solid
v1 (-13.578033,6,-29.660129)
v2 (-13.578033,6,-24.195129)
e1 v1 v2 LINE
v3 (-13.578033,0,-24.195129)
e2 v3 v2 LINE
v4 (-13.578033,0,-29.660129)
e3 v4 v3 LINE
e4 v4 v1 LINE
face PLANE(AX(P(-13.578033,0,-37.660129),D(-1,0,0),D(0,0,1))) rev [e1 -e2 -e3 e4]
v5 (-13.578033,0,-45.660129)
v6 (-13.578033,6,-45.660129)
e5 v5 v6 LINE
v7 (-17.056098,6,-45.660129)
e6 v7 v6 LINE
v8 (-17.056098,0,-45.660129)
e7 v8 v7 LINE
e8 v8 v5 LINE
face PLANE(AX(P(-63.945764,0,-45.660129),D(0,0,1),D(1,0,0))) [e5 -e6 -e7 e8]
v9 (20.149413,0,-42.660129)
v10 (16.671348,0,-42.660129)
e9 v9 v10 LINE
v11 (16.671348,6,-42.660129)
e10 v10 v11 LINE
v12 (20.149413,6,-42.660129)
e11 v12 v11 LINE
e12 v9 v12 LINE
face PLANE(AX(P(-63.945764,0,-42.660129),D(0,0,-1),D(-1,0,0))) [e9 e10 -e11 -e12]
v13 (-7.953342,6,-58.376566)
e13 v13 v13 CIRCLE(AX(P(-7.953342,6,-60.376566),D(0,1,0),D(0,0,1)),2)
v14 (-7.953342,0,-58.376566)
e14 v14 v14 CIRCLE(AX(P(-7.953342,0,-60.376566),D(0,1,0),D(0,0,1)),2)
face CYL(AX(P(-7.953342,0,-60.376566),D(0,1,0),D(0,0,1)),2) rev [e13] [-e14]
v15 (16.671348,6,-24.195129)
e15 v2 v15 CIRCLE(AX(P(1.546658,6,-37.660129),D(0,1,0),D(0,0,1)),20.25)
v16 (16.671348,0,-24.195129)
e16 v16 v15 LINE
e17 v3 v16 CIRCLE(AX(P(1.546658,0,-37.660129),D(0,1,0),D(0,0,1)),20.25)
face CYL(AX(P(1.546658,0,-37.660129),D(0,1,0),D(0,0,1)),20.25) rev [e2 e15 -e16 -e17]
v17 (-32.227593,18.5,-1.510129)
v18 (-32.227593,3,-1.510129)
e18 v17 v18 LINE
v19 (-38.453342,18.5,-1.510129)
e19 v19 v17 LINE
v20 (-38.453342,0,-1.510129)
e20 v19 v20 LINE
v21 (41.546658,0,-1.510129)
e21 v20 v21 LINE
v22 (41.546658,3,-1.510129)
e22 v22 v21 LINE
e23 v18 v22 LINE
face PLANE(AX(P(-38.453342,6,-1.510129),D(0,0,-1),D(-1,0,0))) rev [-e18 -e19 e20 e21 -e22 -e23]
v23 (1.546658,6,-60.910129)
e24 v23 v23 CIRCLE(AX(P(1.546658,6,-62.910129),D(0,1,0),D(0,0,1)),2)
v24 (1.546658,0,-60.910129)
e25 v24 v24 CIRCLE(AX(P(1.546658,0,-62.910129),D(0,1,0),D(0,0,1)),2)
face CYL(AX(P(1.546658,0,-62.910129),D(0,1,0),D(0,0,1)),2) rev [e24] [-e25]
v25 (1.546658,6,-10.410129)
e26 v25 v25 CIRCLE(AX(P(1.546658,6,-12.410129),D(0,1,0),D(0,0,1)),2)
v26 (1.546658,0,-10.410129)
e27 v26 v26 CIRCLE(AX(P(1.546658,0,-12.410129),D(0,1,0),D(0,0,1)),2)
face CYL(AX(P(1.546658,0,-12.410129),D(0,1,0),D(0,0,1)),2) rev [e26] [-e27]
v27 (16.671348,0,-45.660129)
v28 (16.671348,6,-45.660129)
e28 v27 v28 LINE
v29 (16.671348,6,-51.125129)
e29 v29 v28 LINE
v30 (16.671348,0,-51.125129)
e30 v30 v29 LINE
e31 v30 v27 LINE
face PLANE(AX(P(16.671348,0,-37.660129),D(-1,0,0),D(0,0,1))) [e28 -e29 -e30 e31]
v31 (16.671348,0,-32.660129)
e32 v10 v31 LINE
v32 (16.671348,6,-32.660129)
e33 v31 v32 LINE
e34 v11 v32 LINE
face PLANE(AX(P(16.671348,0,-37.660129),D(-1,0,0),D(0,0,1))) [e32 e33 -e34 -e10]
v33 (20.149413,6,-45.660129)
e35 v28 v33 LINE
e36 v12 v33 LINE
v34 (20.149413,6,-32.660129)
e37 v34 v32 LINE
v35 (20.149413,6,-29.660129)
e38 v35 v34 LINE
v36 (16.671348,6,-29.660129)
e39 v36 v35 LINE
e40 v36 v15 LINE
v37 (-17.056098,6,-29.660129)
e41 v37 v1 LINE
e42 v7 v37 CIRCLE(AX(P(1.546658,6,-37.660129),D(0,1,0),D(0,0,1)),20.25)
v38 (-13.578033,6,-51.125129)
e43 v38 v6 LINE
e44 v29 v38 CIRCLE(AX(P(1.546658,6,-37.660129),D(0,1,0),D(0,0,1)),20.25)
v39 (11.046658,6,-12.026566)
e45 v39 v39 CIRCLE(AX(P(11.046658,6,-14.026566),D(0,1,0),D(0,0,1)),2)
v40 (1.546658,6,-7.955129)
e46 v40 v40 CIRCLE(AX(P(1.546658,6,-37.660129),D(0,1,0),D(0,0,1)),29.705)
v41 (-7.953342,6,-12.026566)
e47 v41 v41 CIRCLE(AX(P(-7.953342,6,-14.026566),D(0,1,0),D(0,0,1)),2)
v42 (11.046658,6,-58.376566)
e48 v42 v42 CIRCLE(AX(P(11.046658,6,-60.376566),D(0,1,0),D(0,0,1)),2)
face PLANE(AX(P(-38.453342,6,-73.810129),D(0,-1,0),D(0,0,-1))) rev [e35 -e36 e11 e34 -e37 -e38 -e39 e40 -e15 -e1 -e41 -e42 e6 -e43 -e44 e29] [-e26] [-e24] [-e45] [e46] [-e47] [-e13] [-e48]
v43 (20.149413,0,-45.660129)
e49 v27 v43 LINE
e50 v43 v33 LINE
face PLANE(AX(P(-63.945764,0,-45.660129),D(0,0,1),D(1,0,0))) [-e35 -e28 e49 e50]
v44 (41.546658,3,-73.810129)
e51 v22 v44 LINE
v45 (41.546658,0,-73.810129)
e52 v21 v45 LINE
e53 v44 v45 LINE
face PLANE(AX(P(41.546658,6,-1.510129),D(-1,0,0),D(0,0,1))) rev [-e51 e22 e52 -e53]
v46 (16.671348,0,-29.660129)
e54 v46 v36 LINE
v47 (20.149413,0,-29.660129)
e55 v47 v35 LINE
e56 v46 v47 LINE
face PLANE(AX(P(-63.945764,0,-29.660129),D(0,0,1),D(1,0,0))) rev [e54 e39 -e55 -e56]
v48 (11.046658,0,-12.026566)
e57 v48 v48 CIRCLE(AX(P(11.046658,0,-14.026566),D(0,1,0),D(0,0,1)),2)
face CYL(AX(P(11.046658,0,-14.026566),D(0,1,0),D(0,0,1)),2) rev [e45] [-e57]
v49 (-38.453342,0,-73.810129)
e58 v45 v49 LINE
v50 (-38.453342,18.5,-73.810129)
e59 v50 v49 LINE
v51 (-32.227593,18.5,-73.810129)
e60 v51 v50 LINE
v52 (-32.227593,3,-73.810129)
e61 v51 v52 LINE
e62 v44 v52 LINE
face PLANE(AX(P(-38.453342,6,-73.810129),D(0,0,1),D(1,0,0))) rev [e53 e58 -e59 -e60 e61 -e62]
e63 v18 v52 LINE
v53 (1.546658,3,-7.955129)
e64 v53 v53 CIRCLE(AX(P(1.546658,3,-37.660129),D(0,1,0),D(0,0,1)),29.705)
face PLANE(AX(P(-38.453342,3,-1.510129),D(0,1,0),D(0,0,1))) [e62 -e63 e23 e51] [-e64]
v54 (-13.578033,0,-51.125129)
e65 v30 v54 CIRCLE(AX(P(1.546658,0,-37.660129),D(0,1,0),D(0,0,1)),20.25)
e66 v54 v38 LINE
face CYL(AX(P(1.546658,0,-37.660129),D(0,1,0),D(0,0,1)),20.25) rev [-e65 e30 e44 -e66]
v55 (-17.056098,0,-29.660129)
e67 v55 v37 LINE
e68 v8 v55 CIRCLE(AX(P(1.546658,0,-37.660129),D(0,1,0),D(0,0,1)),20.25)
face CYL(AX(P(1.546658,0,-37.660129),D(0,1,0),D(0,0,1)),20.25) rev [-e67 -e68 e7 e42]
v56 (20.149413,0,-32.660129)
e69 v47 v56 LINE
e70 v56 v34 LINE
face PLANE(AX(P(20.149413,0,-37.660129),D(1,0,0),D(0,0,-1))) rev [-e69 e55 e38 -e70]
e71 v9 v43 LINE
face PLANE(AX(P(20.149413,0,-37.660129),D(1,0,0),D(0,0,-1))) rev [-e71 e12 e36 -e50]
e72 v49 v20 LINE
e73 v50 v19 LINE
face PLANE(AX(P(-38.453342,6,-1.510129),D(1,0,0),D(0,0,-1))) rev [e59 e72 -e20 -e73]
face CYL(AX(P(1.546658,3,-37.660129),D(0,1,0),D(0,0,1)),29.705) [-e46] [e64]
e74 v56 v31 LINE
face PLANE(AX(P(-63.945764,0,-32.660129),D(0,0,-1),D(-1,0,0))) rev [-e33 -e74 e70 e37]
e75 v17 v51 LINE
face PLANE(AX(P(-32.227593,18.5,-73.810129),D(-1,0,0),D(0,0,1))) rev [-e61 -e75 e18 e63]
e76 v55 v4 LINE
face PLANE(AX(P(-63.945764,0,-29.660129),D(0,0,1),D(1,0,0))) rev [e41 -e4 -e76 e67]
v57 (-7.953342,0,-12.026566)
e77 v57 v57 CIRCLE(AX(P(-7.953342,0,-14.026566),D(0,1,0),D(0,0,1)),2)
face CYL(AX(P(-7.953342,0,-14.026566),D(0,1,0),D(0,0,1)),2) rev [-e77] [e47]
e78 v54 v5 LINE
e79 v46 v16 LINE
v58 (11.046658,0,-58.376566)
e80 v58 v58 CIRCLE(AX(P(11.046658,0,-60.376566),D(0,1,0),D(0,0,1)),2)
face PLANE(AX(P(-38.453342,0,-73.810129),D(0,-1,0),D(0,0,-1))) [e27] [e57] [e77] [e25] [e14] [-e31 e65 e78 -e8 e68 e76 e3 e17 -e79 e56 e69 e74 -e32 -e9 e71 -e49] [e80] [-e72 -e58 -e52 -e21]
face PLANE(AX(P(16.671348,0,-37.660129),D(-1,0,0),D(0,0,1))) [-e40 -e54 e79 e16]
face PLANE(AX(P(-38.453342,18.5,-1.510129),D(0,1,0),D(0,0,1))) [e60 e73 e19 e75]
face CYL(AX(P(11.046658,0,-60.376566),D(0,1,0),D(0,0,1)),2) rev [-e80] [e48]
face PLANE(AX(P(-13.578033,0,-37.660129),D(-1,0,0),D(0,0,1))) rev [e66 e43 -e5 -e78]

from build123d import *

# Parameters (mm, degrees)
SKETCH1_W           = 80
SKETCH1_H           = 72.3
BOSS_EXTRUDE1_DEPTH = 6
SKETCH2_W           = 80
SKETCH2_H           = 72.3
SKETCH2_R           = 29.705
CUT_EXTRUDE1_DEPTH  = 3
CUT_EXTRUDE3_DEPTH  = 7
SKETCH5_R           = 2
CUT_EXTRUDE4_DEPTH  = 7
SKETCH6_R           = 2
CUT_EXTRUDE5_DEPTH  = 7
SKETCH8_W           = 6.225749038
SKETCH8_H           = 72.3
BOSS_EXTRUDE2_DEPTH = 15.5


with BuildPart() as part:
    # Sketch1 → Boss-Extrude1 (new body)
    with BuildSketch(Plane(origin=(0, 0, 0), x_dir=(1, 0, 0), z_dir=(0, 1, 0))):
        with Locations((1.546657586, 37.660128709)):
            Rectangle(SKETCH1_W, SKETCH1_H)
    extrude(amount=BOSS_EXTRUDE1_DEPTH)

    # Sketch2 → Cut-Extrude1 (cut)
    with BuildSketch(Plane(origin=(0, 6, 0), x_dir=(-1, 0, 0), z_dir=(0, 1, 0))):
        with Locations((-1.546657586, -37.660128709)):
            Rectangle(SKETCH2_W, SKETCH2_H)
        with Locations((-1.546657586, -37.660128709)):
            Circle(SKETCH2_R, mode=Mode.SUBTRACT)
    extrude(amount=-CUT_EXTRUDE1_DEPTH, mode=Mode.SUBTRACT)

    # Sketch3 → Cut-Extrude3 (cut, through all)
    with BuildSketch(Plane(origin=(0, 6, 0), x_dir=(-1, 0, 0), z_dir=(0, 1, 0))):
        with BuildLine():
            ThreePointArc((-16.671348492, -51.125128709), (-1.546657586, -57.910128709), (13.57803332, -51.125128709))
            Line((13.57803332, -51.125128709), (13.57803332, -45.660128709))
            Line((13.57803332, -45.660128709), (17.056097586, -45.660128709))
            ThreePointArc((17.056097586, -45.660128709), (18.703342414, -37.660128709), (17.056097586, -29.660128709))
            Line((17.056097586, -29.660128709), (13.57803332, -29.660128709))
            Line((13.57803332, -29.660128709), (13.57803332, -24.195128709))
            ThreePointArc((13.57803332, -24.195128709), (-1.546657586, -17.410128709), (-16.671348492, -24.195128709))
            Line((-16.671348492, -24.195128709), (-16.671348492, -29.660128709))
            Line((-16.671348492, -29.660128709), (-20.149412759, -29.660128709))
            Line((-20.149412759, -29.660128709), (-20.149412759, -32.660128709))
            Line((-20.149412759, -32.660128709), (-16.671348492, -32.660128709))
            Line((-16.671348492, -32.660128709), (-16.671348492, -42.660128709))
            Line((-16.671348492, -42.660128709), (-20.149412759, -42.660128709))
            Line((-20.149412759, -42.660128709), (-20.149412759, -45.660128709))
            Line((-20.149412759, -45.660128709), (-16.671348492, -45.660128709))
            Line((-16.671348492, -45.660128709), (-16.671348492, -51.125128709))
        make_face()
    extrude(amount=-CUT_EXTRUDE3_DEPTH, mode=Mode.SUBTRACT)

    # Sketch5 → Cut-Extrude4 (cut, through all)
    with BuildSketch(Plane(origin=(0, 6, 0), x_dir=(-1, 0, 0), z_dir=(0, 1, 0))):
        with Locations((-1.546657586, -12.410128709)):
            Circle(SKETCH5_R)
        with Locations((-1.546657586, -62.910128709)):
            Circle(SKETCH5_R)
    extrude(amount=-CUT_EXTRUDE4_DEPTH, mode=Mode.SUBTRACT)

    # Sketch6 → Cut-Extrude5 (cut, through all)
    with BuildSketch(Plane(origin=(0, 6, 0), x_dir=(1, 0, 0), z_dir=(0, 1, 0))):
        with Locations((-7.953342414, 60.376565813)):
            Circle(SKETCH6_R)
        with Locations((11.046657586, 60.376565813)):
            Circle(SKETCH6_R)
        with Locations((11.046657586, 14.026565813)):
            Circle(SKETCH6_R)
        with Locations((-7.953342414, 14.026565813)):
            Circle(SKETCH6_R)
    extrude(amount=-CUT_EXTRUDE5_DEPTH, mode=Mode.SUBTRACT)

    # Sketch8 → Boss-Extrude2 (add)
    with BuildSketch(Plane(origin=(0, 3, 0), x_dir=(1, 0, 0), z_dir=(0, 1, 0))):
        with Locations((-35.340467895, 37.660128709)):
            Rectangle(SKETCH8_W, SKETCH8_H)
    extrude(amount=BOSS_EXTRUDE2_DEPTH)


solid = part.part
